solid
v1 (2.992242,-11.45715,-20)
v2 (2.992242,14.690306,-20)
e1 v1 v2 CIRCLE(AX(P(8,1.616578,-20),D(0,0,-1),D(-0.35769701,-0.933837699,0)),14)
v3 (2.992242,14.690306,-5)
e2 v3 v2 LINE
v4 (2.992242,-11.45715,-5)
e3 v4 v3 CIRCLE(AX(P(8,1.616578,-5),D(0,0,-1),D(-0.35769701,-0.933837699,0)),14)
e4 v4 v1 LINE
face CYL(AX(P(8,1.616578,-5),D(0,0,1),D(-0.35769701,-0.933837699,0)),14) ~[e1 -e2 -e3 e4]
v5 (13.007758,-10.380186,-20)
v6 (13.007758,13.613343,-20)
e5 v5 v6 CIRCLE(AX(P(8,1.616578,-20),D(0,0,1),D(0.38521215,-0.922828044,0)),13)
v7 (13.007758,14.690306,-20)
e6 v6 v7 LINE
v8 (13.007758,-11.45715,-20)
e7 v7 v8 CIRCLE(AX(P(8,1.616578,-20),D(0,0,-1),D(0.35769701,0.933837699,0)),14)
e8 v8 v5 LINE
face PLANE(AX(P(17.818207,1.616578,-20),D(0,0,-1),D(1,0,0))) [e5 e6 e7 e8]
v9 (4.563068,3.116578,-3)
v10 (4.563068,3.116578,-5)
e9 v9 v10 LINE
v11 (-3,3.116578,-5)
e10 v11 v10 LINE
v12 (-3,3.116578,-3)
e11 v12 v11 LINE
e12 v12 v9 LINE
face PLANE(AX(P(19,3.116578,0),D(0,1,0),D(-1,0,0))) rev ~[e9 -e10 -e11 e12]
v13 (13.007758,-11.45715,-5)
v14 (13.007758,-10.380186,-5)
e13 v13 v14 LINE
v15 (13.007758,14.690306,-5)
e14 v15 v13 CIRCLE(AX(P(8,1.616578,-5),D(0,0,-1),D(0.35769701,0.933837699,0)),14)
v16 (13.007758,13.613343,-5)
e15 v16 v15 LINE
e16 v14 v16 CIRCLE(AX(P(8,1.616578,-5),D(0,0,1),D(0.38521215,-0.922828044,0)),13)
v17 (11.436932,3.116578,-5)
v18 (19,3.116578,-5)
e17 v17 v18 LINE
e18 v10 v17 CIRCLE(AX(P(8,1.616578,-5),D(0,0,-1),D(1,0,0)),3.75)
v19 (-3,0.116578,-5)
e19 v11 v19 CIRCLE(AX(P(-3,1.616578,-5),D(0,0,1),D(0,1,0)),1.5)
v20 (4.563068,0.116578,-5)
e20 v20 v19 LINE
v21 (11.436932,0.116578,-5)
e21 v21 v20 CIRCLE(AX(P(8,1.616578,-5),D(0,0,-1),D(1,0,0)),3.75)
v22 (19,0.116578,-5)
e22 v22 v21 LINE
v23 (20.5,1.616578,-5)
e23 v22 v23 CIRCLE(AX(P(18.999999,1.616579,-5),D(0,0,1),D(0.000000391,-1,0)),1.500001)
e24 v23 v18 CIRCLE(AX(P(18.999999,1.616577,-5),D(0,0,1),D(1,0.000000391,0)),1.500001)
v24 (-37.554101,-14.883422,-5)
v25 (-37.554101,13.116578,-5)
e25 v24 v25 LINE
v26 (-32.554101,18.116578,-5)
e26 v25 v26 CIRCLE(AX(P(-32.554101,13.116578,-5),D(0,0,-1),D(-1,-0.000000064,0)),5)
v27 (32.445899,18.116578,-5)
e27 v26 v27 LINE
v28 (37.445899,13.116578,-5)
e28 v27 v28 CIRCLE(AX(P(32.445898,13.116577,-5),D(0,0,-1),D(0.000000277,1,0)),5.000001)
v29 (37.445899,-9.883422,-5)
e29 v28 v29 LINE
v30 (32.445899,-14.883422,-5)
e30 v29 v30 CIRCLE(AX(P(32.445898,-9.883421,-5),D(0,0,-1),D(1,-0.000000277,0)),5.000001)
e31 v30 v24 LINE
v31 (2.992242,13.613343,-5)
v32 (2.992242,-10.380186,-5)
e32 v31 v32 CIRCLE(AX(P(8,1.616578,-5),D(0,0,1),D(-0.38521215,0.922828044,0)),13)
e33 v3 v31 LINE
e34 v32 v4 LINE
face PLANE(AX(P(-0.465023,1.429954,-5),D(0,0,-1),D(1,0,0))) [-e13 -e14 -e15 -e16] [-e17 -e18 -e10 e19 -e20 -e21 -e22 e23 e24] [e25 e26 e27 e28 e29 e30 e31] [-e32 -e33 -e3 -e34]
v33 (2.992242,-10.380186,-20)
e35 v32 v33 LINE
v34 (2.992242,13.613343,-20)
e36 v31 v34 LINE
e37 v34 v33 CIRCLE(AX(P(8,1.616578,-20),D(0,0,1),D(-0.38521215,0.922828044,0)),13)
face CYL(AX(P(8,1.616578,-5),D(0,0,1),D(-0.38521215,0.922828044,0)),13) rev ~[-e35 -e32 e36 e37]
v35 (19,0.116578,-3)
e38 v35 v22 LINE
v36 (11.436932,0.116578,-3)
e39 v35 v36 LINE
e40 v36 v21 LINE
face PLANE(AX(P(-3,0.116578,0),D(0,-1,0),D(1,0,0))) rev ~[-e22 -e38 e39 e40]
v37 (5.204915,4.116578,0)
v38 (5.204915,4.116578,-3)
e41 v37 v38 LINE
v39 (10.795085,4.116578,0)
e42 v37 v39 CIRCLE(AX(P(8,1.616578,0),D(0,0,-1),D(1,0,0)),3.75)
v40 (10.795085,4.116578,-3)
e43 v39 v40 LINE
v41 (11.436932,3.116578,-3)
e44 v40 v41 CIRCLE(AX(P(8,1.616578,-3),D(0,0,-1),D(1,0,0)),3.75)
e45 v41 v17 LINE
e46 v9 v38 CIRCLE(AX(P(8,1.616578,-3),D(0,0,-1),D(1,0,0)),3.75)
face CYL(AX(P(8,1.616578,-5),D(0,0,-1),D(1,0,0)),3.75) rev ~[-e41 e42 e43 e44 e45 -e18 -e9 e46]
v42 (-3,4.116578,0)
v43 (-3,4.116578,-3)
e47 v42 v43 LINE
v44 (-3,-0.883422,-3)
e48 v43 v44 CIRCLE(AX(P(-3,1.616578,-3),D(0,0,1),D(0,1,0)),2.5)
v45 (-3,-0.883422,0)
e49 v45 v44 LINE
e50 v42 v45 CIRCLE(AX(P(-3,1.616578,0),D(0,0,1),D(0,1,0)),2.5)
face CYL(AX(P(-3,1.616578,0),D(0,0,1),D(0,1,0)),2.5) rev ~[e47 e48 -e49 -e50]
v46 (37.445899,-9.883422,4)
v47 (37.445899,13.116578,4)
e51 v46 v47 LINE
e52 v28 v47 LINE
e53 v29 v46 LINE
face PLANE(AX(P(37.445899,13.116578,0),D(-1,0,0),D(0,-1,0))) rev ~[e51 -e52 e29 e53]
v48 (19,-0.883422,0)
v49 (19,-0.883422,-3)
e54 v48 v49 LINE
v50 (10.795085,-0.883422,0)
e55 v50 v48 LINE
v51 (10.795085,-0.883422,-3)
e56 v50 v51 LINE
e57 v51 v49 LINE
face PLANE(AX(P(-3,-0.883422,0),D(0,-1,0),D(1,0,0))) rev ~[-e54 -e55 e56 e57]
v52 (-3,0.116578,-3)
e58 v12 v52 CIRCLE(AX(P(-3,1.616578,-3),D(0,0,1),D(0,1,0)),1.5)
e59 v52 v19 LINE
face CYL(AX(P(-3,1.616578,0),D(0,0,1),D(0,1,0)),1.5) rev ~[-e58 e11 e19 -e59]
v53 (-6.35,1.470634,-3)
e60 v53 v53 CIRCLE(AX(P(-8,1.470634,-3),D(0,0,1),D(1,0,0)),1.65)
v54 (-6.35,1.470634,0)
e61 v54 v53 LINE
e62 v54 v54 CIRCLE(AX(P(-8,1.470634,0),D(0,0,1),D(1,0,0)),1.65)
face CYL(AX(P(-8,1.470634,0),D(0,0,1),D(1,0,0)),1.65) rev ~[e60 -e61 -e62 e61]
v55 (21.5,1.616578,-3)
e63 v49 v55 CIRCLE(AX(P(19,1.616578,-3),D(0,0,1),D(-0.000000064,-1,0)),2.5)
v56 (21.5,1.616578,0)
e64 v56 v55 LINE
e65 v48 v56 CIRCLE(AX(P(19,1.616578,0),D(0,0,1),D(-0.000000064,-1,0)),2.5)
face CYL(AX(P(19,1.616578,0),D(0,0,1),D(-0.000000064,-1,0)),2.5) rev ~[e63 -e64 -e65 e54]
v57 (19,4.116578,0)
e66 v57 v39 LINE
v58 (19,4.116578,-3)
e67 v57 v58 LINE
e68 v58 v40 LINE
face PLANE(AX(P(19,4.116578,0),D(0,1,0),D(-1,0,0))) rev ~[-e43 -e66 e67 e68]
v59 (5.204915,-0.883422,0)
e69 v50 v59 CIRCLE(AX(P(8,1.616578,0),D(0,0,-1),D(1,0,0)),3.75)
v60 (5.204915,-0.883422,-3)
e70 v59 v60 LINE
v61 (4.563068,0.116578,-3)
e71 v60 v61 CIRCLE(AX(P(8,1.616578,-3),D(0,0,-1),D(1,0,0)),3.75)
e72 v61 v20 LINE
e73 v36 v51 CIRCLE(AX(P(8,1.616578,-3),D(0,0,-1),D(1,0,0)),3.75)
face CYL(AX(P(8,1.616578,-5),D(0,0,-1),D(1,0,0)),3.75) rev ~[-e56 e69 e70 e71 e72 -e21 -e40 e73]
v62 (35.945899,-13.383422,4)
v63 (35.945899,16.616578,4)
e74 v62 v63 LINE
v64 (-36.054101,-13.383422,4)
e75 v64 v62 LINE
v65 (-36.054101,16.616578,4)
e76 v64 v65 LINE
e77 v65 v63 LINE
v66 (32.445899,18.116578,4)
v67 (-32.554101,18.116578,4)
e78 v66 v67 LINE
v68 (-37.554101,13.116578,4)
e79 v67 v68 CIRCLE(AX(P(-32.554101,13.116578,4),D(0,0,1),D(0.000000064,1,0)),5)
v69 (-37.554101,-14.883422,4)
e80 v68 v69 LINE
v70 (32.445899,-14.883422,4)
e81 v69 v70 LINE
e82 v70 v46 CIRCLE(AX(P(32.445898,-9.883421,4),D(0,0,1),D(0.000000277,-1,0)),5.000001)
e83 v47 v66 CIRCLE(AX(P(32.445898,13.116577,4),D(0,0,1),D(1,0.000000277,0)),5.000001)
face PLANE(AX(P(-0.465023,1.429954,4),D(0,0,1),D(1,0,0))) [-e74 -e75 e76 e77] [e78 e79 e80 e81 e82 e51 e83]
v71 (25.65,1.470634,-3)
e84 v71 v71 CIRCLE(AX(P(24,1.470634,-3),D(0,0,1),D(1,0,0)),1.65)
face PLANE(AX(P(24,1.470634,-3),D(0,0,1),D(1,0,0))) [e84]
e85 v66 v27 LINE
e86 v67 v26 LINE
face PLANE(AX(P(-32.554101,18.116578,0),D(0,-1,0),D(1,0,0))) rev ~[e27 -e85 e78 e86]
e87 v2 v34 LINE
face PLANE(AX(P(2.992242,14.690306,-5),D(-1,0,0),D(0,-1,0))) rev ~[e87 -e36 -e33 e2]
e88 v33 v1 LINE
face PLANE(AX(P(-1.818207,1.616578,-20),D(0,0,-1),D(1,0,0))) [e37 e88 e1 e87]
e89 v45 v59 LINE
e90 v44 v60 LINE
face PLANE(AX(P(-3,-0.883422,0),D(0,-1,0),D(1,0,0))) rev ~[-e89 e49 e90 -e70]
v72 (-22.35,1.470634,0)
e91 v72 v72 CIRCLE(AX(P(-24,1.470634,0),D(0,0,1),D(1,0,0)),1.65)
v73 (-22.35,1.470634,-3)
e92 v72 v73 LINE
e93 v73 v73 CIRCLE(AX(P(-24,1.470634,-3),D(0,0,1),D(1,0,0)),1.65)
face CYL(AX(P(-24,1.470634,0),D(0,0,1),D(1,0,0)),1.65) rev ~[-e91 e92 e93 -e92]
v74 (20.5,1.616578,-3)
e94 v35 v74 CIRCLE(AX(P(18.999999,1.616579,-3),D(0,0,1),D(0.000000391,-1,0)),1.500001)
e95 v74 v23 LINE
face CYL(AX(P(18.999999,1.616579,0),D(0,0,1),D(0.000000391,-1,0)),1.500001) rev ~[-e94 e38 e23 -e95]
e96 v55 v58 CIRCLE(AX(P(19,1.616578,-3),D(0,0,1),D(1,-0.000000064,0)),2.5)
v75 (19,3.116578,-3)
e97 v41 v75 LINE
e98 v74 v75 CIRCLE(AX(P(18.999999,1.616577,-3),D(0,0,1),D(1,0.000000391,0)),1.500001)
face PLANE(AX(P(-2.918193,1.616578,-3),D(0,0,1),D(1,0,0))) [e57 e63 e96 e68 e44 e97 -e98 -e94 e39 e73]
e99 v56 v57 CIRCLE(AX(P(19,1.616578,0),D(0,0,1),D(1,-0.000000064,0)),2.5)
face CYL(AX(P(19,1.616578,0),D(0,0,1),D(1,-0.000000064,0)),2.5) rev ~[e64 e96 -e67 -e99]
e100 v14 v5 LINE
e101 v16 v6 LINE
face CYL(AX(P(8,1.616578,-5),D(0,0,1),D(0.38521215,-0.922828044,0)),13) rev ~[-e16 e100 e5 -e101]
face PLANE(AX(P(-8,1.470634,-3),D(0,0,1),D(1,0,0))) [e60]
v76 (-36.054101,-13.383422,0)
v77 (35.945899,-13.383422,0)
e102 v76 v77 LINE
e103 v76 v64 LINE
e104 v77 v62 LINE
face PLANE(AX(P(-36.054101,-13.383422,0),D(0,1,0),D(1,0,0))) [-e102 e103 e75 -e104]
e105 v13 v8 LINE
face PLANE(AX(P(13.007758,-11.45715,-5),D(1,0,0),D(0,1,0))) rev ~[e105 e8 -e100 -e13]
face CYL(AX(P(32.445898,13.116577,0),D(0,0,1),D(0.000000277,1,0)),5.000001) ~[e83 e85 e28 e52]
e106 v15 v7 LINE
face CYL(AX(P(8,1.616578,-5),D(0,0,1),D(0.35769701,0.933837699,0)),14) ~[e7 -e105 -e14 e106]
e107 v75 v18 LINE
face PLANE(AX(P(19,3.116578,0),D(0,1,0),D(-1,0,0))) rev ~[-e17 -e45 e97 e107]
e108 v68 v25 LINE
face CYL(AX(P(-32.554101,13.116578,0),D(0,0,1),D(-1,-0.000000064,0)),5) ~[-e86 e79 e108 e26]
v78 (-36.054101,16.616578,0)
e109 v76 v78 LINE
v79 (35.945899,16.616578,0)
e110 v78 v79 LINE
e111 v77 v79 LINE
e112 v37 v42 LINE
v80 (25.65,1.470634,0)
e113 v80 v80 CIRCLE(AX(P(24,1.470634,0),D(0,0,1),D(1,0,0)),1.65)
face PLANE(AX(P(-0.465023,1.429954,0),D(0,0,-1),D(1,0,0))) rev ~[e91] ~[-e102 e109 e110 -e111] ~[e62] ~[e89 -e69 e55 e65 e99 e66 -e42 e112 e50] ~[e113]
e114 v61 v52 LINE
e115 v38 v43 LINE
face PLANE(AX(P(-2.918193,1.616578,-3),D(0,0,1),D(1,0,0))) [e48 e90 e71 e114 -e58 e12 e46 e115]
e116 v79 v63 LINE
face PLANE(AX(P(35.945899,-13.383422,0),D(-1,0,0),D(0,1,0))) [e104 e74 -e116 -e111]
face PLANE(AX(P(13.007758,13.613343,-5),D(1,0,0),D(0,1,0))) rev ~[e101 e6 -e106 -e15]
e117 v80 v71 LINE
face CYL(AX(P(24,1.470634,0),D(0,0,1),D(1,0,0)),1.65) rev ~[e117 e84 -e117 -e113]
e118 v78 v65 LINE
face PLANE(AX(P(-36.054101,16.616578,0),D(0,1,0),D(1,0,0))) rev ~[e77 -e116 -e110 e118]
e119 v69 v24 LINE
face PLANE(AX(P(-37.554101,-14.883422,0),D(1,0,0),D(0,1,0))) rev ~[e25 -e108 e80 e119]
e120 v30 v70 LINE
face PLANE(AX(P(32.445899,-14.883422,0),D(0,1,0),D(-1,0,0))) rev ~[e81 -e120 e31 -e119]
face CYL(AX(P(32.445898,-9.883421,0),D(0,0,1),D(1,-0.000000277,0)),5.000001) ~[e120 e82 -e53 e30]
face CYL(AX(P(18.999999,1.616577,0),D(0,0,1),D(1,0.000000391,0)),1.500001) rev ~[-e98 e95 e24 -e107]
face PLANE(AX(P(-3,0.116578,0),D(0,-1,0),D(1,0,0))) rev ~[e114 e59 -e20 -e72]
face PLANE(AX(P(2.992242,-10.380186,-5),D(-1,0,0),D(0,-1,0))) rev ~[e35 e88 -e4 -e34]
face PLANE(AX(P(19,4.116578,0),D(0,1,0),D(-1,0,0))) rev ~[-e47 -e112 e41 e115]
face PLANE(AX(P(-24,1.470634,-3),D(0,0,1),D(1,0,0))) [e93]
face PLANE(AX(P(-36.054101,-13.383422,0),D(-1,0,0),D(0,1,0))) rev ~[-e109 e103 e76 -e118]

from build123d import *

# Parameters (mm, degrees)
F0_W      = 72
F0_H      = 30
F1_DEPTH  = 4
F3_DEPTH  = 5
F4_R      = 3.75
F5_DEPTH  = 9.001
F8_DEPTH  = 15
F10_DEPTH = 25
F12_DEPTH = 3
F13_R     = 1.65
F14_DEPTH = 3


with BuildPart() as f1:
    # F0 (on Top) → F1 (new body)
    with BuildSketch(Plane.XY):
        with BuildLine():
            ThreePointArc((37.445899, 13.116578), (35.981432, 16.652112), (32.445899, 18.116578))
            Line((32.445899, 18.116578), (-32.554101, 18.116578))
            ThreePointArc((-32.554101, 18.116578), (-36.089635, 16.652112), (-37.554101, 13.116578))
            Line((-37.554101, 13.116578), (-37.554101, -9.883422))
            Line((-37.554101, -9.883422), (-37.554101, -14.883422))
            Line((-37.554101, -14.883422), (-32.554101, -14.883422))
            Line((-32.554101, -14.883422), (32.445899, -14.883422))
            ThreePointArc((32.445899, -14.883422), (35.981432, -13.418956), (37.445899, -9.883422))
            Line((37.445899, -9.883422), (37.445899, 13.116578))
        make_face()
        with Locations((-0.054101, 1.616578)):
            Rectangle(F0_W, F0_H, mode=Mode.SUBTRACT)
    extrude(amount=F1_DEPTH)

    # F2 (on face) → F3 (join)
    with BuildSketch(Plane(origin=(0, 0, 0), x_dir=(1, 0, 0), z_dir=(0, 0, -1))):
        with BuildLine():
            Line((32.445899, 14.883422), (-37.554101, 14.883422))
            Line((-37.554101, 14.883422), (-37.554101, -13.116578))
            ThreePointArc((-37.554101, -13.116578), (-36.089635, -16.652112), (-32.554101, -18.116578))
            Line((-32.554101, -18.116578), (32.445899, -18.116578))
            ThreePointArc((32.445899, -18.116578), (35.981432, -16.652112), (37.445899, -13.116578))
            Line((37.445899, -13.116578), (37.445899, 9.883422))
            ThreePointArc((37.445899, 9.883422), (35.981432, 13.418956), (32.445899, 14.883422))
        make_face()
    extrude(amount=F3_DEPTH)

    # F4 (on face) → F5 (cut, through all)
    with BuildSketch(Plane(origin=(0, 0, -5), x_dir=(1, 0, 0), z_dir=(0, 0, -1))):
        with Locations((8, -1.616578)):
            Circle(F4_R)
    extrude(amount=-F5_DEPTH, mode=Mode.SUBTRACT)

    # F7 (on face) → F8 (join)
    with BuildSketch(Plane(origin=(0, 0, -5), x_dir=(1, 0, 0), z_dir=(0, 0, -1))):
        with BuildLine():
            ThreePointArc((2.992242, -13.613343), (-5, -1.616578), (2.992242, 10.380186))
            Line((2.992242, 10.380186), (2.992242, 11.45715))
            ThreePointArc((2.992242, 11.45715), (-6, -1.616578), (2.992242, -14.690306))
            Line((2.992242, -14.690306), (2.992242, -13.613343))
        make_face()
        with BuildLine():
            ThreePointArc((13.007758, -14.690306), (22, -1.616578), (13.007758, 11.45715))
            Line((13.007758, 11.45715), (13.007758, 10.380186))
            ThreePointArc((13.007758, 10.380186), (21, -1.616578), (13.007758, -13.613343))
            Line((13.007758, -13.613343), (13.007758, -14.690306))
        make_face()
    extrude(amount=F8_DEPTH)

    # F9 (on face) → F10 (cut)
    with BuildSketch(Plane.XY):
        with BuildLine():
            ThreePointArc((19, 0.116578), (20.06066, 0.555918), (20.5, 1.616578))
            ThreePointArc((20.5, 1.616578), (20.06066, 2.677238), (19, 3.116578))
            ThreePointArc((19, 3.116578), (17.5, 1.616578), (19, 0.116578))
        make_face()
        with BuildLine():
            ThreePointArc((19, 0.116578), (17.5, 1.616578), (19, 3.116578))
            Line((19, 3.116578), (-3, 3.116578))
            ThreePointArc((-3, 3.116578), (-1.93934, 2.677238), (-1.5, 1.616578))
            ThreePointArc((-1.5, 1.616578), (-1.93934, 0.555918), (-3, 0.116578))
            Line((-3, 0.116578), (19, 0.116578))
        make_face()
        with BuildLine():
            ThreePointArc((-1.5, 1.616578), (-1.93934, 2.677238), (-3, 3.116578))
            ThreePointArc((-3, 3.116578), (-4.5, 1.616578), (-3, 0.116578))
            ThreePointArc((-3, 0.116578), (-1.93934, 0.555918), (-1.5, 1.616578))
        make_face()
    extrude(amount=-F10_DEPTH, mode=Mode.SUBTRACT)

    # F11 (on face) → F12 (cut)
    with BuildSketch(Plane.XY):
        with BuildLine():
            ThreePointArc((-3, -0.883422), (-1.232233, -0.151189), (-0.5, 1.616578))
            ThreePointArc((-0.5, 1.616578), (-1.232233, 3.384345), (-3, 4.116578))
            ThreePointArc((-3, 4.116578), (-5.5, 1.616578), (-3, -0.883422))
        make_face()
        with BuildLine():
            ThreePointArc((-3, 4.116578), (-1.232233, 3.384345), (-0.5, 1.616578))
            ThreePointArc((-0.5, 1.616578), (-1.232233, -0.151189), (-3, -0.883422))
            Line((-3, -0.883422), (19, -0.883422))
            ThreePointArc((19, -0.883422), (16.5, 1.616578), (19, 4.116578))
            Line((19, 4.116578), (-3, 4.116578))
        make_face()
        with BuildLine():
            ThreePointArc((21.5, 1.616578), (20.767767, 3.384345), (19, 4.116578))
            ThreePointArc((19, 4.116578), (16.5, 1.616578), (19, -0.883422))
            ThreePointArc((19, -0.883422), (20.767767, -0.151189), (21.5, 1.616578))
        make_face()
    extrude(amount=-F12_DEPTH, mode=Mode.SUBTRACT)

    # F13 (on face) → F14 (cut)
    with BuildSketch(Plane.XY):
        with Locations((-24, 1.470634)):
            Circle(F13_R)
        with Locations((-8, 1.470634)):
            Circle(F13_R)
        with Locations((8, 1.470634)):
            Circle(F13_R)
        with Locations((24, 1.470634)):
            Circle(F13_R)
    extrude(amount=-F14_DEPTH, mode=Mode.SUBTRACT)


solid = f1.part
